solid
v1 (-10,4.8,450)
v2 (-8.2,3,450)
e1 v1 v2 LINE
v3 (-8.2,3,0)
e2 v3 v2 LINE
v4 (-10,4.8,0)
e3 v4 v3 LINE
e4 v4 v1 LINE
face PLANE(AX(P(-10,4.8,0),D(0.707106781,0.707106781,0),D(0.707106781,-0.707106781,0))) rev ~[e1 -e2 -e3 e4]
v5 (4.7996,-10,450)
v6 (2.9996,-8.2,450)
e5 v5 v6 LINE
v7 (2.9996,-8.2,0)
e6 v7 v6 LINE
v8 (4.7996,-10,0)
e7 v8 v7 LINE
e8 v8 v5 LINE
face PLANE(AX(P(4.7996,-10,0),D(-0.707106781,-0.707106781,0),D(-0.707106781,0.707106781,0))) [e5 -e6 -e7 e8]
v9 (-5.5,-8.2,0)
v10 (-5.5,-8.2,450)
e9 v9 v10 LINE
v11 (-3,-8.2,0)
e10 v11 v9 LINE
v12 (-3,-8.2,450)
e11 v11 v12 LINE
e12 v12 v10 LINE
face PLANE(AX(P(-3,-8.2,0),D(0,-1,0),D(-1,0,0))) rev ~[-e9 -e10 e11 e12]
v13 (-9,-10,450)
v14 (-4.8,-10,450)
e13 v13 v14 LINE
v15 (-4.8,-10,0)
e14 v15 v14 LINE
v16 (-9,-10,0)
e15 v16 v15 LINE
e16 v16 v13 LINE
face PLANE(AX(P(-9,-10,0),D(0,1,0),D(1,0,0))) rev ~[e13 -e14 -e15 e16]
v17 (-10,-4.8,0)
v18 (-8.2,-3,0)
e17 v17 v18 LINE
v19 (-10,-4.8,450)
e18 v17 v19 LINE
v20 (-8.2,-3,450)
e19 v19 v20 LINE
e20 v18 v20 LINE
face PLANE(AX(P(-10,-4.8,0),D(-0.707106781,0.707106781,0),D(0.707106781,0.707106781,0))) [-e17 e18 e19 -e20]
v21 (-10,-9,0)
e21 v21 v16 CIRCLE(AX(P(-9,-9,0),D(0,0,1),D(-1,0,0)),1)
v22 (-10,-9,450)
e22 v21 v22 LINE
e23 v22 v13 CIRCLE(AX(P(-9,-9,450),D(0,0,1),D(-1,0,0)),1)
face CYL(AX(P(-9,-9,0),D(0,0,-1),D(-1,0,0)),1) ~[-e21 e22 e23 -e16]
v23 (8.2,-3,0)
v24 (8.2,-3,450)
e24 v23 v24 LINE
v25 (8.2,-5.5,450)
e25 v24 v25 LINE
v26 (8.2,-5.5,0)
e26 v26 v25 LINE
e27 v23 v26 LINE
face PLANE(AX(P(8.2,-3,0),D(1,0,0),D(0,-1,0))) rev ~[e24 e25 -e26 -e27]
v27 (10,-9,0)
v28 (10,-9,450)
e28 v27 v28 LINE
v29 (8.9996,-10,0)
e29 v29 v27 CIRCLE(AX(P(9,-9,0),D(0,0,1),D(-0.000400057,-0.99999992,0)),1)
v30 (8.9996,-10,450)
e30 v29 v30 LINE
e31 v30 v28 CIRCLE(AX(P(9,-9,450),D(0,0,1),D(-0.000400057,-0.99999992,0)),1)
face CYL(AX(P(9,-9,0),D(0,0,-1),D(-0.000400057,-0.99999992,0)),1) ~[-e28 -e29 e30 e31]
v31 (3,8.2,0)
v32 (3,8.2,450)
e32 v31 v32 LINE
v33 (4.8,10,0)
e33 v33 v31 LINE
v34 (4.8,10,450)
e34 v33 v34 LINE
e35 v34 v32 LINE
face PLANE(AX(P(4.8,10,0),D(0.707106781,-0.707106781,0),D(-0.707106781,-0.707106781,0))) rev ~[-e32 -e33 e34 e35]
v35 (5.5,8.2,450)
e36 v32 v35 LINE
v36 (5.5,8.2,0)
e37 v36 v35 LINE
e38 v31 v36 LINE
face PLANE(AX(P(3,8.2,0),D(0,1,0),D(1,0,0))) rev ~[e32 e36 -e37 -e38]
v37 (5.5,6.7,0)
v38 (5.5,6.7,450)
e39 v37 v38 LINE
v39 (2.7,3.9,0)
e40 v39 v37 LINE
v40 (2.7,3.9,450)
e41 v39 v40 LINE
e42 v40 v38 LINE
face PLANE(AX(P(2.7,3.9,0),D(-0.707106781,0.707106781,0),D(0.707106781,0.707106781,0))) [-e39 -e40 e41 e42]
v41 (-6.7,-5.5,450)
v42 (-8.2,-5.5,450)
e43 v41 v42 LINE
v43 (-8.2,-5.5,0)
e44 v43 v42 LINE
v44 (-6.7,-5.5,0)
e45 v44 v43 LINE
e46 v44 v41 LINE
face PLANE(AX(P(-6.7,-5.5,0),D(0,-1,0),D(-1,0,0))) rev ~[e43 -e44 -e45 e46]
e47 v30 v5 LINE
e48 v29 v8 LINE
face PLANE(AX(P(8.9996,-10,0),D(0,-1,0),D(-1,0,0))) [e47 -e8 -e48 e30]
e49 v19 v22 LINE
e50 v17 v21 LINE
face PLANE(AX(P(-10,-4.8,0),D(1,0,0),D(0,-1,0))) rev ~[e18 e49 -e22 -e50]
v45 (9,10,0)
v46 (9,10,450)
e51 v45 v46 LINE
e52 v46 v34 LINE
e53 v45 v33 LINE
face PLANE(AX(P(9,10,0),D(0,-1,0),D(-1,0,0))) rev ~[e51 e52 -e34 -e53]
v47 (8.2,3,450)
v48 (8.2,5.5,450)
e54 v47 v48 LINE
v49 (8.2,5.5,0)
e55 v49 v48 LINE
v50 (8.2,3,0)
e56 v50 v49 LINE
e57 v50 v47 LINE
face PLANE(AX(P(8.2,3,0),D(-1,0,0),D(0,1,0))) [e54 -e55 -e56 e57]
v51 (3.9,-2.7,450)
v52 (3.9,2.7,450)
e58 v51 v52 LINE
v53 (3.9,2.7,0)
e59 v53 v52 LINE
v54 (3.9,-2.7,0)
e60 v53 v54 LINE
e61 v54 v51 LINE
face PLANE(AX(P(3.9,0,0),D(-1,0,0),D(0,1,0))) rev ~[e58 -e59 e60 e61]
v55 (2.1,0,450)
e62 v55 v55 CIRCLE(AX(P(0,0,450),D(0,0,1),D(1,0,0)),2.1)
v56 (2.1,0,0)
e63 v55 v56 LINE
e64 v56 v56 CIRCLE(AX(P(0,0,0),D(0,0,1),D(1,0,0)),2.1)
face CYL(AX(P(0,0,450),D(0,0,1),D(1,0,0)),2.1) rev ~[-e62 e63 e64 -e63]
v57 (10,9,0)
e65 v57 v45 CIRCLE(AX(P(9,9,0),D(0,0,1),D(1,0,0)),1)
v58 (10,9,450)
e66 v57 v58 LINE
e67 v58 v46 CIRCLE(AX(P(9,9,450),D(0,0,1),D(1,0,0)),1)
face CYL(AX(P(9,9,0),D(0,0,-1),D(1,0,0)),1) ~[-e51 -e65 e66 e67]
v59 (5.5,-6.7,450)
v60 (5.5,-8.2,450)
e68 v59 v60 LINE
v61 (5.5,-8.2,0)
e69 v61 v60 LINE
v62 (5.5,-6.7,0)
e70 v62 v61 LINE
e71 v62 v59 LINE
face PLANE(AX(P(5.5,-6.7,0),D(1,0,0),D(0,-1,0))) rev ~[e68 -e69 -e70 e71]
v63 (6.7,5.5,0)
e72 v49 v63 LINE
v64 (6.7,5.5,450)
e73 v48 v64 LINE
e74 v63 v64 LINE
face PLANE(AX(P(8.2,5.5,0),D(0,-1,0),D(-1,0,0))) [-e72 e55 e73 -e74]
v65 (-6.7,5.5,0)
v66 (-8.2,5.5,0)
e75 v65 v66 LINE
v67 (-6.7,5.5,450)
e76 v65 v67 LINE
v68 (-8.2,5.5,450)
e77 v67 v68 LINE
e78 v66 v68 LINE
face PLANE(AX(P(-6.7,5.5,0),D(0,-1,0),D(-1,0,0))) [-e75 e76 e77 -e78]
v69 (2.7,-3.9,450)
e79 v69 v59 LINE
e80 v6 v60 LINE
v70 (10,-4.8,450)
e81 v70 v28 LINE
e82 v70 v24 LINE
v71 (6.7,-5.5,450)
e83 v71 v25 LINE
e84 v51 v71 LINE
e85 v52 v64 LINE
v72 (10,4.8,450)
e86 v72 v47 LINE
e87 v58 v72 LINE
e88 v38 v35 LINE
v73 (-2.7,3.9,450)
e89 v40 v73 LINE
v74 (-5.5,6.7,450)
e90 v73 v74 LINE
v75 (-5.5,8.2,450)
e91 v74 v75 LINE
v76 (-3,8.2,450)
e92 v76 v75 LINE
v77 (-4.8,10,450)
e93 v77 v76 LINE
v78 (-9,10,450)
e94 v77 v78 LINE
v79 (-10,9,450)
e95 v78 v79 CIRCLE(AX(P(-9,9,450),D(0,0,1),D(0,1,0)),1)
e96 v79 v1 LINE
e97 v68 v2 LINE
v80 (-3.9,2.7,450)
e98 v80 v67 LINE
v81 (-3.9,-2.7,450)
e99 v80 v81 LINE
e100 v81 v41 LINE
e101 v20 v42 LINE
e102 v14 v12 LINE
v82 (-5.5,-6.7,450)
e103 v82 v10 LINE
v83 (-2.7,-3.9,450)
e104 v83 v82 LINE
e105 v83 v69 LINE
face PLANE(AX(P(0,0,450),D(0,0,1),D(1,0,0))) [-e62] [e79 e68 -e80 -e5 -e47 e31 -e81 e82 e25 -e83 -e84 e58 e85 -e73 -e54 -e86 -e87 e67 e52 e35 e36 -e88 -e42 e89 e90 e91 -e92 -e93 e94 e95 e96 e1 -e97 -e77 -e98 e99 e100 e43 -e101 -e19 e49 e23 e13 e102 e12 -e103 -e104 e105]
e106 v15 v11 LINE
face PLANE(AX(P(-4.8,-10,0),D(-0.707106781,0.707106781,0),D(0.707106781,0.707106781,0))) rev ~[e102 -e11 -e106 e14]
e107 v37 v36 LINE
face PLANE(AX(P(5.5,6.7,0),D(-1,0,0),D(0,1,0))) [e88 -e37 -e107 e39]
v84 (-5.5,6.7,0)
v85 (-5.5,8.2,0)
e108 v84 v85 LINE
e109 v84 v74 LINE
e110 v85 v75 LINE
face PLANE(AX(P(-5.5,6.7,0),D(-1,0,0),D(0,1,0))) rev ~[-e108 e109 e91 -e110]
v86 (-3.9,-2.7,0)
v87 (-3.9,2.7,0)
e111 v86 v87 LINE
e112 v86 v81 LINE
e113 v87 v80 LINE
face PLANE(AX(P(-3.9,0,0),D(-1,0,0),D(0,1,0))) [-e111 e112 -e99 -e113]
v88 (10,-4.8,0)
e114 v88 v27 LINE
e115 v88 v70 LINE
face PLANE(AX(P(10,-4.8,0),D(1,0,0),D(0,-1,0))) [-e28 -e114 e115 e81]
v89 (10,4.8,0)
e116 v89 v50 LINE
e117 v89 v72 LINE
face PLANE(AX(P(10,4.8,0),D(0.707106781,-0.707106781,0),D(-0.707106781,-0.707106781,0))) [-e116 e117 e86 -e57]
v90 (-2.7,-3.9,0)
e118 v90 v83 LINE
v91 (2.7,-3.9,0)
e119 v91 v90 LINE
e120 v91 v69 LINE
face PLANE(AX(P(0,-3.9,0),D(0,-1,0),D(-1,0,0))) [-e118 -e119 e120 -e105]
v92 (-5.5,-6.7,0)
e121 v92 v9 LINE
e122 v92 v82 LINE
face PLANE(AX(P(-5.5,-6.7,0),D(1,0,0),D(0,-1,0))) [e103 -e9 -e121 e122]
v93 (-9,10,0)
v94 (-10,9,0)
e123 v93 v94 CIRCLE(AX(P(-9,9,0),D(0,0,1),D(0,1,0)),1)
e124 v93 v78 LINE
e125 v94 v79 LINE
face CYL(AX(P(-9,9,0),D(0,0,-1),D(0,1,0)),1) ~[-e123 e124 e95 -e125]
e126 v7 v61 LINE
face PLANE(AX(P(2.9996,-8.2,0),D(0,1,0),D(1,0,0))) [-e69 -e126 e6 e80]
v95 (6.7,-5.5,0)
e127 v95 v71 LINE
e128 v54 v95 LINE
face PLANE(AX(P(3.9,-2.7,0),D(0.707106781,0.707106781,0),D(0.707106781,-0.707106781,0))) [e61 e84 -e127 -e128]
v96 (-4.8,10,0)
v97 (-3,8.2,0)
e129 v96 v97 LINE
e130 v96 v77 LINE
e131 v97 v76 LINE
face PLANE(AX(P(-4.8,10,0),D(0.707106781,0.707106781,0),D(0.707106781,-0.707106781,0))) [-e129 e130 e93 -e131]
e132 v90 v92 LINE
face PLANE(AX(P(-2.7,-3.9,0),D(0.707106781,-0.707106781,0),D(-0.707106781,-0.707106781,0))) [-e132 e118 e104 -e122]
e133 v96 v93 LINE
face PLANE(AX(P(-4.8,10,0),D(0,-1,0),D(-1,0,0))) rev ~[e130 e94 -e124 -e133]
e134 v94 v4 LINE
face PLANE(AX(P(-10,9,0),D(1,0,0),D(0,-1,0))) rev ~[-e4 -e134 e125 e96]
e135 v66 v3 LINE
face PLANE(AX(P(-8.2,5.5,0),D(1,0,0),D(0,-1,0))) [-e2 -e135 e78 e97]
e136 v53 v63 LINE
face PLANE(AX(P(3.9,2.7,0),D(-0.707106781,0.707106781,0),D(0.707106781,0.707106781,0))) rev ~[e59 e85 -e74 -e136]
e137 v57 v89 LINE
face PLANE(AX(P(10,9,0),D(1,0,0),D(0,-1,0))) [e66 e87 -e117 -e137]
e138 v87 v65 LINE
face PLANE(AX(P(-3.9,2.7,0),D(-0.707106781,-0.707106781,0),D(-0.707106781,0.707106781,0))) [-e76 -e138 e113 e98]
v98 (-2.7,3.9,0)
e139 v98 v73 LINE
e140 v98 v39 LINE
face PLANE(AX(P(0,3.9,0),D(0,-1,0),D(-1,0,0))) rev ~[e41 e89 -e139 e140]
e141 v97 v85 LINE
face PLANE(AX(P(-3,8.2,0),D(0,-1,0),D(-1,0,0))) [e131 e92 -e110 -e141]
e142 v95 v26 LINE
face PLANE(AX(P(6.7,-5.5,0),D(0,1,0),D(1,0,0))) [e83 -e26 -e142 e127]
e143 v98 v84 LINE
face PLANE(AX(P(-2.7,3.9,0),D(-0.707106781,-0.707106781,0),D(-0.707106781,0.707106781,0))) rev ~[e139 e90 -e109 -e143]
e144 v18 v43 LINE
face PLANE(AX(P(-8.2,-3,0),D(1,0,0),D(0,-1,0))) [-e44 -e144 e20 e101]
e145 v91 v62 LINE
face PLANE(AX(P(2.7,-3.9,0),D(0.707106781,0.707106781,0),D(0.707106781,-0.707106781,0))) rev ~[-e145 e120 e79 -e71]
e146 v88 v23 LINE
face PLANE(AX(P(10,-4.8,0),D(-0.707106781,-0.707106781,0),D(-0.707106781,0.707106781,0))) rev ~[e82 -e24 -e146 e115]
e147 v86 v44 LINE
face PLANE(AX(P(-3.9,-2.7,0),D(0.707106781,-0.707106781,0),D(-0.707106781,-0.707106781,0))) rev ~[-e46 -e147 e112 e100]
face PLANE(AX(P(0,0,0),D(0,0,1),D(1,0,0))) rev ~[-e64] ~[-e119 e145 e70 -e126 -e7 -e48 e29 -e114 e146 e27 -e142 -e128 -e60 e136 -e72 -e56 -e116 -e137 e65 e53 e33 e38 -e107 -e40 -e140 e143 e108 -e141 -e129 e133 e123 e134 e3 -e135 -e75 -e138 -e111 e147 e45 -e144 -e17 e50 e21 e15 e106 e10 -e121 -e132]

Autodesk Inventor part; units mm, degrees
ref_plane "YZ Plane" through (0, 0, 0) normal (1, 0, 0) x (0, 1, 0)
ref_plane "XZ Plane" through (0, 0, 0) normal (0, 1, 0) x (-1, 0, 0)
ref_plane "XY Plane" through (0, 0, 0) normal (0, 0, 1) x (1, 0, 0)
sketch "Эскиз1" plane through (0, 0, 0) normal (0, 0, 1) x (1, 0, 0)
  line L0 (-4.8, 10) -> (-3, 8.2)
  line L1 (-4.8, 10) -> (-2.2544, 10) construction
  line L2 (4.8, 10) -> (3, 8.2)
  line L3 (4.8, 10) -> (7.3456, 10) construction
  line L4 (10, 4.8) -> (8.2, 3)
  arc A0 (-9, 10) -> (-10, 9) centre (-9, 9) ccw
  arc A1 (10, 9) -> (9, 10) centre (9, 9) ccw
  arc A2 (-10, -9) -> (-9, -10) centre (-9, -9) ccw
  arc A3 (8.9996, -10) -> (10, -9) centre (9, -9) ccw
  line L5 (0, 3.9) -> (-2.7, 3.9)
  line L6 (0, 3.9) -> (2.7, 3.9)
  line L7 (3, 8.2) -> (5.5, 8.2)
  line L8 (2.7, 3.9) -> (5.5, 6.7)
  line L9 (5.5, 6.7) -> (5.5, 8.2)
  line L10 (3.9, 0) -> (3.9, 2.7)
  line L11 (3.9, 0) -> (3.9, -2.7)
  line L12 (3.9, 2.7) -> (6.7, 5.5)
  line L13 (3.9, 2.7) -> (7.8598, 2.7) construction
  line L14 (9, 10) -> (4.8, 10)
  line L15 (-4.8, 10) -> (-9, 10)
  line L16 (0, -3.9) -> (-2.7, -3.9)
  line L17 (0, -3.9) -> (2.7, -3.9)
  line L18 (-3.9, 0) -> (-3.9, -2.7)
  line L19 (-3.9, 0) -> (-3.9, 2.7)
  line L20 (8.2, 3) -> (8.2, 5.5)
  line L21 (8.2, 5.5) -> (6.7, 5.5)
  line L22 (-10, -4.8) -> (-7.4544, -4.8) construction
  line L23 (-4.8, -10) -> (-3, -8.2)
  line L24 (-4.8, -10) -> (-2.2544, -10) construction
  line L25 (4.7996, -10) -> (2.9996, -8.2)
  line L26 (4.7996, -10) -> (7.3452, -10) construction
  line L27 (10, -4.8) -> (8.2, -3)
  line L28 (8.9996, -10) -> (4.7996, -10)
  line L29 (-9, -10) -> (-4.8, -10)
  line L30 (10, -4.8) -> (10, -9)
  line L31 (10, 9) -> (10, 4.8)
  line L32 (-10, -4.8) -> (-10, -9)
  line L33 (-3, 8.2) -> (-5.5, 8.2)
  line L34 (-2.7, 3.9) -> (-5.5, 6.7)
  line L35 (-2.7, 3.9) -> (1.2598, 3.9) construction
  line L36 (-5.5, 6.7) -> (-5.5, 8.2)
  line L37 (-3.9, 2.7) -> (-6.7, 5.5)
  line L38 (-6.7, 5.5) -> (-8.2, 5.5)
  line L39 (-8.2, -3) -> (-8.2, -5.5)
  line L40 (-3, -8.2) -> (-5.5, -8.2)
  line L41 (2.9996, -8.2) -> (5.5, -8.2)
  line L42 (8.2, -3) -> (8.2, -5.5)
  line L43 (-3.9, -2.7) -> (-6.7, -5.5)
  line L44 (-6.7, -5.5) -> (-8.2, -5.5)
  line L45 (-2.7, -3.9) -> (-5.5, -6.7)
  line L46 (-5.5, -6.7) -> (-5.5, -8.2)
  line L47 (-10, 9) -> (-10, 4.8)
  line L48 (-10, 4.8) -> (-8.2, 3)
  line L49 (-8.2, 5.5) -> (-8.2, 3)
  line L50 (-10, -4.8) -> (-8.2, -3)
  line L51 (2.7, -3.9) -> (5.5, -6.7)
  line L52 (5.5, -6.7) -> (5.5, -8.2)
  line L53 (3.9, -2.7) -> (6.7, -5.5)
  line L54 (6.7, -5.5) -> (8.2, -5.5)
  point P0 (0, 0)
  dimension "d16" = 45
  dimension "d17" = 135
  dimension "d25" = 6
  dimension "d29" = 1
  dimension "d30" = 1
  dimension "d31" = 2.7
  dimension "d32" = 2.7
  dimension "d34" = 2.5
  dimension "d36" = 2.7
  dimension "d37" = 2.7
  dimension "d38" = 3.9
  dimension "d39" = 45
  dimension "d42" = 2.7
  dimension "d43" = 2.7
  dimension "d44" = 3.9
  dimension "d45" = 2.7
  dimension "d46" = 2.7
  dimension "d48" = 10
  dimension "d49" = 10
  dimension "d55" = 4.5
  dimension "d58" = 9
  dimension "d59" = 9
  dimension "d60" = 2.5
  dimension "d61" = 2.8
  dimension "d63" = 1.6971
  dimension "d65" = 45
  dimension "d67" = 135
  dimension "d73" = 10
  dimension "d74" = 10
  dimension "d77" = 18
  dimension "d78" = 18
  dimension "d79" = 135
  dimension "d80" = 135
  dimension "d81" = 4.5
  dimension "d82" = 1.8
  dimension "d83" = 1.8
  dimension "d84" = 1
  dimension "d85" = 1
  dimension "d87" = 4.5
  dimension "d89" = 1.8
  dimension "d91" = 135
  dimension "d92" = 1.6971
  dimension "d94" = 4.5
  dimension "d95" = 1.8
  dimension "d96" = 4.5
  dimension "d97" = 1.8
  dimension "d98" = 4.5
  dimension "d99" = 1.8
  dimension "d100" = 1.8
  dimension "d107" = 4.2
  dimension "d108" = 10
  dimension "d109" = 4.5
  dimension "d110" = 1.8
  dimension "d111" = 135
  dimension "d112" = 4.2
  dimension "d113" = 4.2
  dimension "d114" = 6
  dimension "d115" = 135
  dimension "d116" = 1.6971
  dimension "d117" = 4.2
  dimension "d118" = 4.2
  dimension "d119" = 4.5
  dimension "d120" = 135
  dimension "d121" = 1.5
extrude "Выдавливание2" add sketch "Эскиз1" along normal blind 450
sketch "Эскиз2" plane through (0, 0, 450) normal (0, 0, 1) x (1, 0, 0)
  circle A0 centre (0, 0) radius 2.1
  dimension "d131" = 4.2
extrude "Выдавливание3" cut sketch "Эскиз2" against normal through all
properties part number "Профиль_аллюминиевый450"
